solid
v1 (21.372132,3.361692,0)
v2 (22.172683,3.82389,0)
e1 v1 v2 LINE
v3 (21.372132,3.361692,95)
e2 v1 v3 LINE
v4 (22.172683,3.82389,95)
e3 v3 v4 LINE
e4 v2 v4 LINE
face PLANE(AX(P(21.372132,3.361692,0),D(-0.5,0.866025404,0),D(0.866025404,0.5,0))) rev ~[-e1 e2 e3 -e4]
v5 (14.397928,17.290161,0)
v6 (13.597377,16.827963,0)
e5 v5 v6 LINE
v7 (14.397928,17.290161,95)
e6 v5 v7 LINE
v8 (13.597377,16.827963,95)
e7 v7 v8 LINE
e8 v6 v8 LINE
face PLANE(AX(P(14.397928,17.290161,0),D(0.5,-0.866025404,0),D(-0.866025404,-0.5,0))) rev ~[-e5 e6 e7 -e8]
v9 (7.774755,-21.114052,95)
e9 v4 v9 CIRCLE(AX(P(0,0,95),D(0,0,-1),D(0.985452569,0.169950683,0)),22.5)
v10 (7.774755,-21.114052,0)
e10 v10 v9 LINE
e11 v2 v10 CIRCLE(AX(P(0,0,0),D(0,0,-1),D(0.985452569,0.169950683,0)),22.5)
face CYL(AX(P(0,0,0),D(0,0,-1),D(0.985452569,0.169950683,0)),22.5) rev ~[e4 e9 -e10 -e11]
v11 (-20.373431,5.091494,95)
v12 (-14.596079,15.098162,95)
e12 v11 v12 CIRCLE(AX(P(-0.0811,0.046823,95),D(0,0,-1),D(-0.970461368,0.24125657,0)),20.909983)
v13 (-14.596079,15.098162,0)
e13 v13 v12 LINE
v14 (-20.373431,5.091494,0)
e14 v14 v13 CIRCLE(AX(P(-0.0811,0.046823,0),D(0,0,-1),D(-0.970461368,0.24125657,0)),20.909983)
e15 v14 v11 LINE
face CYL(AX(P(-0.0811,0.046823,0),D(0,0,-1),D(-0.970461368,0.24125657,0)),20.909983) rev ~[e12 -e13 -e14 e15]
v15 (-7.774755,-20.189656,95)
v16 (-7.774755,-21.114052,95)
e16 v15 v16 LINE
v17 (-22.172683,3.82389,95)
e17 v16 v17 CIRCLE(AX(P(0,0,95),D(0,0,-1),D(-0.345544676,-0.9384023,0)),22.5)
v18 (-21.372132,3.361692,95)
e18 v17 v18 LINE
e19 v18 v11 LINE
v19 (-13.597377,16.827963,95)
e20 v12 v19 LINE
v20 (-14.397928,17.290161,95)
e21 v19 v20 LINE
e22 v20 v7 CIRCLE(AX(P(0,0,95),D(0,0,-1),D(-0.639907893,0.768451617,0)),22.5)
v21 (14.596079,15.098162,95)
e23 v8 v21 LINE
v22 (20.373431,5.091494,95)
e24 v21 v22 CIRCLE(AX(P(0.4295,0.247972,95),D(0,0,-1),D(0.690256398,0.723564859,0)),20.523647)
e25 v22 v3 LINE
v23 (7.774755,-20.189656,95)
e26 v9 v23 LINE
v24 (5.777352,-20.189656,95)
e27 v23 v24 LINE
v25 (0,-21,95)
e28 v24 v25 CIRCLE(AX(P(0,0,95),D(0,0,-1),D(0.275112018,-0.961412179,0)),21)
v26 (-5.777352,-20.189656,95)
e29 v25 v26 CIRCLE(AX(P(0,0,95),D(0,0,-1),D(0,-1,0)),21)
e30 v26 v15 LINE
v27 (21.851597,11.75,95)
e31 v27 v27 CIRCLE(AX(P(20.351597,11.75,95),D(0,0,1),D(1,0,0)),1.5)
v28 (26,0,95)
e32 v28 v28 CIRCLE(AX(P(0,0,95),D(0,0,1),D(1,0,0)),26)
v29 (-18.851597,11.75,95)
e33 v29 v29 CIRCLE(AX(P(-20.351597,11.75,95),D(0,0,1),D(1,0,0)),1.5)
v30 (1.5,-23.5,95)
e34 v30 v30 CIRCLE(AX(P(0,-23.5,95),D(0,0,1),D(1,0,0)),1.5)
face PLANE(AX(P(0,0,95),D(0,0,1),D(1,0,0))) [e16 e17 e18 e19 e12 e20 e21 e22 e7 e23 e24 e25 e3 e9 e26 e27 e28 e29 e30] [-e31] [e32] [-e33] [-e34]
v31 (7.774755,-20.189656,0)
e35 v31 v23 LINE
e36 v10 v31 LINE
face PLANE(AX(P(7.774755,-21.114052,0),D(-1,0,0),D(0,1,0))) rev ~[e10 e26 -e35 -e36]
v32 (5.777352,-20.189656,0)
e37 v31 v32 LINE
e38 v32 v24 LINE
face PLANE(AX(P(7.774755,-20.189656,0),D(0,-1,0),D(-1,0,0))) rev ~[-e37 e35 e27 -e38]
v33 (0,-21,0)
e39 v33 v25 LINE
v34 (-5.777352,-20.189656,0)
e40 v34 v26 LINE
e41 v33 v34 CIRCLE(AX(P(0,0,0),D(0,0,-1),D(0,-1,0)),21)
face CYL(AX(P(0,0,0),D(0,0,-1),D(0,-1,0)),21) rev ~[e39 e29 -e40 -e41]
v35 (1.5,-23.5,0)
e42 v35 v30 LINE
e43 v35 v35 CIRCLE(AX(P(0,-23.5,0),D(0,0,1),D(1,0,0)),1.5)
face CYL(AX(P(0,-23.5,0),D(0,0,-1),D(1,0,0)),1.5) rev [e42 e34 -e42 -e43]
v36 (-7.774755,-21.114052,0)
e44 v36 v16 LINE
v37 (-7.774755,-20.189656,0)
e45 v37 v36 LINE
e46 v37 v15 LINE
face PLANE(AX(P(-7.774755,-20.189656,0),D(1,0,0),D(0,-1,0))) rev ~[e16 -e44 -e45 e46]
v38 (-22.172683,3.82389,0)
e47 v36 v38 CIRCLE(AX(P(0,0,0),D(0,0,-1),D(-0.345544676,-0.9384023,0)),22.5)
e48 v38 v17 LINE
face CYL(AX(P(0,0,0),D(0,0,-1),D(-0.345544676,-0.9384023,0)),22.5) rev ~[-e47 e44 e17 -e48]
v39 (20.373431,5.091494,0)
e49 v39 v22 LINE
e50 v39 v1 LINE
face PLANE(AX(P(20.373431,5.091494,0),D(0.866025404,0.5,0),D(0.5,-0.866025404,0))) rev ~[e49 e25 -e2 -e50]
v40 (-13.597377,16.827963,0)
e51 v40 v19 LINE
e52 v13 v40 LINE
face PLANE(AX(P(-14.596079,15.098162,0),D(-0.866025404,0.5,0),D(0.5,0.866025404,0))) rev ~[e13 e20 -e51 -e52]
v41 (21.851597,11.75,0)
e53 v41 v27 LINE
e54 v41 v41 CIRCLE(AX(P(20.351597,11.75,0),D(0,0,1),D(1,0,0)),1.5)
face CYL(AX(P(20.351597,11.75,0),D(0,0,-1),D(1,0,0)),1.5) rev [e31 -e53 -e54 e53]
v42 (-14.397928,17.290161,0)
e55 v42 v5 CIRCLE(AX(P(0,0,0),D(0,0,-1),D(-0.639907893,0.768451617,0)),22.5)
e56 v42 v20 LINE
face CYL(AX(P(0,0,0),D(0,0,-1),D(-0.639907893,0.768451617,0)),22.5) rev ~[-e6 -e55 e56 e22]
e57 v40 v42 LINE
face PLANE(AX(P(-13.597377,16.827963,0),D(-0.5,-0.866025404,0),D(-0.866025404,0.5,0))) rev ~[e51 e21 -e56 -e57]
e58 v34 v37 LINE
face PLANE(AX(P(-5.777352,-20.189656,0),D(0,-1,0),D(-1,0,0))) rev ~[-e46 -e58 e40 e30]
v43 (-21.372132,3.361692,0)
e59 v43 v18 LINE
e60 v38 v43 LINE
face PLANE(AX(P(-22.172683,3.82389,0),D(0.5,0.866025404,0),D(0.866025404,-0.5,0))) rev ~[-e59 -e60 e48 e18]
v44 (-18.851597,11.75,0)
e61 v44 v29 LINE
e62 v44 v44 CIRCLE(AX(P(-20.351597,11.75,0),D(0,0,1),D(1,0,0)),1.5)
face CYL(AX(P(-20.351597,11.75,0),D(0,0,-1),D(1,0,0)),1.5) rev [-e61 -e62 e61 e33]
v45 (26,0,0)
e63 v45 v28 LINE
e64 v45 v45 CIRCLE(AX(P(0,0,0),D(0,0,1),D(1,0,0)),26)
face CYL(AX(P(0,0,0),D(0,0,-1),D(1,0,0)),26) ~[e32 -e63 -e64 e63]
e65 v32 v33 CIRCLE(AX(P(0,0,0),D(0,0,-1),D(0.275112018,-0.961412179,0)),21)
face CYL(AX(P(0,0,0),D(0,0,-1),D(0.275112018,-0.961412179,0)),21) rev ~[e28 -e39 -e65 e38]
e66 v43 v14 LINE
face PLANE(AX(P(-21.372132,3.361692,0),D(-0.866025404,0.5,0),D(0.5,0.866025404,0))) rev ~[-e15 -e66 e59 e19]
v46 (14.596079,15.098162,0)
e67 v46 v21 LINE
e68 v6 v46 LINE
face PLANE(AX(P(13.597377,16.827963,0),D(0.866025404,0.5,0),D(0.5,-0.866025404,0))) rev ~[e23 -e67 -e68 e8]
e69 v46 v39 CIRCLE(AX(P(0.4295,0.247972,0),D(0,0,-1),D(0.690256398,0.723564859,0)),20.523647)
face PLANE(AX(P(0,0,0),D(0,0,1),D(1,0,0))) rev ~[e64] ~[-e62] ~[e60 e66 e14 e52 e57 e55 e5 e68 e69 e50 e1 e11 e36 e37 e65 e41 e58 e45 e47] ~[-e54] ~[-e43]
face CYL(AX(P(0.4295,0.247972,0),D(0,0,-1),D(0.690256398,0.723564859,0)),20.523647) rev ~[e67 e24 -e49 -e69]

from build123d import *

# Parameters (mm, degrees)
F0_R     = 26
F0_R_2   = 1.5
F1_DEPTH = 95


with BuildPart() as f1:
    # F0 (on Top) → F1 (new body)
    with BuildSketch(Plane.XY):
        Circle(F0_R)
        with Locations((0, -23.5)):
            Circle(F0_R_2, mode=Mode.SUBTRACT)
        with Locations((-20.3515969889, 11.75)):
            Circle(F0_R_2, mode=Mode.SUBTRACT)
        with BuildLine():
            ThreePointArc((22.1726827981, 3.8238903663), (19.4855715851, -11.25), (7.7747552005, -21.1140517564))
            Line((7.7747552005, -21.1140517564), (7.7747552005, -20.1896557547))
            Line((7.7747552005, -20.1896557547), (5.7773523787, -20.1896557547))
            ThreePointArc((5.7773523787, -20.1896557547), (2.9169529609, -20.7964272274), (0, -21))
            ThreePointArc((0, -21), (-2.9169529609, -20.7964272274), (-5.7773523787, -20.1896557547))
            Line((-5.7773523787, -20.1896557547), (-7.7747552005, -20.1896557547))
            Line((-7.7747552005, -20.1896557547), (-7.7747552005, -21.1140517564))
            ThreePointArc((-7.7747552005, -21.1140517564), (-19.4855715851, -11.25), (-22.1726827981, 3.8238903663))
            Line((-22.1726827981, 3.8238903663), (-21.3721323775, 3.3616923655))
            Line((-21.3721323775, 3.3616923655), (-20.3734309666, 5.0914939507))
            ThreePointArc((-20.3734309666, 5.0914939507), (-18.1896766972, 10.5018147376), (-14.5960785878, 15.0981618039))
            Line((-14.5960785878, 15.0981618039), (-13.5973771769, 16.8279633892))
            Line((-13.5973771769, 16.8279633892), (-14.3979275976, 17.2901613901))
            ThreePointArc((-14.3979275976, 17.2901613901), (0, 22.5), (14.3979275976, 17.2901613901))
            Line((14.3979275976, 17.2901613901), (13.5973771769, 16.8279633892))
            Line((13.5973771769, 16.8279633892), (14.5960785878, 15.0981618039))
            ThreePointArc((14.5960785878, 15.0981618039), (18.2034997005, 10.5097954523), (20.3734309666, 5.0914939507))
            Line((20.3734309666, 5.0914939507), (21.3721323775, 3.3616923655))
            Line((21.3721323775, 3.3616923655), (22.1726827981, 3.8238903663))
        make_face(mode=Mode.SUBTRACT)
        with Locations((20.3515969889, 11.75)):
            Circle(F0_R_2, mode=Mode.SUBTRACT)
    extrude(amount=F1_DEPTH)


solid = f1.part
